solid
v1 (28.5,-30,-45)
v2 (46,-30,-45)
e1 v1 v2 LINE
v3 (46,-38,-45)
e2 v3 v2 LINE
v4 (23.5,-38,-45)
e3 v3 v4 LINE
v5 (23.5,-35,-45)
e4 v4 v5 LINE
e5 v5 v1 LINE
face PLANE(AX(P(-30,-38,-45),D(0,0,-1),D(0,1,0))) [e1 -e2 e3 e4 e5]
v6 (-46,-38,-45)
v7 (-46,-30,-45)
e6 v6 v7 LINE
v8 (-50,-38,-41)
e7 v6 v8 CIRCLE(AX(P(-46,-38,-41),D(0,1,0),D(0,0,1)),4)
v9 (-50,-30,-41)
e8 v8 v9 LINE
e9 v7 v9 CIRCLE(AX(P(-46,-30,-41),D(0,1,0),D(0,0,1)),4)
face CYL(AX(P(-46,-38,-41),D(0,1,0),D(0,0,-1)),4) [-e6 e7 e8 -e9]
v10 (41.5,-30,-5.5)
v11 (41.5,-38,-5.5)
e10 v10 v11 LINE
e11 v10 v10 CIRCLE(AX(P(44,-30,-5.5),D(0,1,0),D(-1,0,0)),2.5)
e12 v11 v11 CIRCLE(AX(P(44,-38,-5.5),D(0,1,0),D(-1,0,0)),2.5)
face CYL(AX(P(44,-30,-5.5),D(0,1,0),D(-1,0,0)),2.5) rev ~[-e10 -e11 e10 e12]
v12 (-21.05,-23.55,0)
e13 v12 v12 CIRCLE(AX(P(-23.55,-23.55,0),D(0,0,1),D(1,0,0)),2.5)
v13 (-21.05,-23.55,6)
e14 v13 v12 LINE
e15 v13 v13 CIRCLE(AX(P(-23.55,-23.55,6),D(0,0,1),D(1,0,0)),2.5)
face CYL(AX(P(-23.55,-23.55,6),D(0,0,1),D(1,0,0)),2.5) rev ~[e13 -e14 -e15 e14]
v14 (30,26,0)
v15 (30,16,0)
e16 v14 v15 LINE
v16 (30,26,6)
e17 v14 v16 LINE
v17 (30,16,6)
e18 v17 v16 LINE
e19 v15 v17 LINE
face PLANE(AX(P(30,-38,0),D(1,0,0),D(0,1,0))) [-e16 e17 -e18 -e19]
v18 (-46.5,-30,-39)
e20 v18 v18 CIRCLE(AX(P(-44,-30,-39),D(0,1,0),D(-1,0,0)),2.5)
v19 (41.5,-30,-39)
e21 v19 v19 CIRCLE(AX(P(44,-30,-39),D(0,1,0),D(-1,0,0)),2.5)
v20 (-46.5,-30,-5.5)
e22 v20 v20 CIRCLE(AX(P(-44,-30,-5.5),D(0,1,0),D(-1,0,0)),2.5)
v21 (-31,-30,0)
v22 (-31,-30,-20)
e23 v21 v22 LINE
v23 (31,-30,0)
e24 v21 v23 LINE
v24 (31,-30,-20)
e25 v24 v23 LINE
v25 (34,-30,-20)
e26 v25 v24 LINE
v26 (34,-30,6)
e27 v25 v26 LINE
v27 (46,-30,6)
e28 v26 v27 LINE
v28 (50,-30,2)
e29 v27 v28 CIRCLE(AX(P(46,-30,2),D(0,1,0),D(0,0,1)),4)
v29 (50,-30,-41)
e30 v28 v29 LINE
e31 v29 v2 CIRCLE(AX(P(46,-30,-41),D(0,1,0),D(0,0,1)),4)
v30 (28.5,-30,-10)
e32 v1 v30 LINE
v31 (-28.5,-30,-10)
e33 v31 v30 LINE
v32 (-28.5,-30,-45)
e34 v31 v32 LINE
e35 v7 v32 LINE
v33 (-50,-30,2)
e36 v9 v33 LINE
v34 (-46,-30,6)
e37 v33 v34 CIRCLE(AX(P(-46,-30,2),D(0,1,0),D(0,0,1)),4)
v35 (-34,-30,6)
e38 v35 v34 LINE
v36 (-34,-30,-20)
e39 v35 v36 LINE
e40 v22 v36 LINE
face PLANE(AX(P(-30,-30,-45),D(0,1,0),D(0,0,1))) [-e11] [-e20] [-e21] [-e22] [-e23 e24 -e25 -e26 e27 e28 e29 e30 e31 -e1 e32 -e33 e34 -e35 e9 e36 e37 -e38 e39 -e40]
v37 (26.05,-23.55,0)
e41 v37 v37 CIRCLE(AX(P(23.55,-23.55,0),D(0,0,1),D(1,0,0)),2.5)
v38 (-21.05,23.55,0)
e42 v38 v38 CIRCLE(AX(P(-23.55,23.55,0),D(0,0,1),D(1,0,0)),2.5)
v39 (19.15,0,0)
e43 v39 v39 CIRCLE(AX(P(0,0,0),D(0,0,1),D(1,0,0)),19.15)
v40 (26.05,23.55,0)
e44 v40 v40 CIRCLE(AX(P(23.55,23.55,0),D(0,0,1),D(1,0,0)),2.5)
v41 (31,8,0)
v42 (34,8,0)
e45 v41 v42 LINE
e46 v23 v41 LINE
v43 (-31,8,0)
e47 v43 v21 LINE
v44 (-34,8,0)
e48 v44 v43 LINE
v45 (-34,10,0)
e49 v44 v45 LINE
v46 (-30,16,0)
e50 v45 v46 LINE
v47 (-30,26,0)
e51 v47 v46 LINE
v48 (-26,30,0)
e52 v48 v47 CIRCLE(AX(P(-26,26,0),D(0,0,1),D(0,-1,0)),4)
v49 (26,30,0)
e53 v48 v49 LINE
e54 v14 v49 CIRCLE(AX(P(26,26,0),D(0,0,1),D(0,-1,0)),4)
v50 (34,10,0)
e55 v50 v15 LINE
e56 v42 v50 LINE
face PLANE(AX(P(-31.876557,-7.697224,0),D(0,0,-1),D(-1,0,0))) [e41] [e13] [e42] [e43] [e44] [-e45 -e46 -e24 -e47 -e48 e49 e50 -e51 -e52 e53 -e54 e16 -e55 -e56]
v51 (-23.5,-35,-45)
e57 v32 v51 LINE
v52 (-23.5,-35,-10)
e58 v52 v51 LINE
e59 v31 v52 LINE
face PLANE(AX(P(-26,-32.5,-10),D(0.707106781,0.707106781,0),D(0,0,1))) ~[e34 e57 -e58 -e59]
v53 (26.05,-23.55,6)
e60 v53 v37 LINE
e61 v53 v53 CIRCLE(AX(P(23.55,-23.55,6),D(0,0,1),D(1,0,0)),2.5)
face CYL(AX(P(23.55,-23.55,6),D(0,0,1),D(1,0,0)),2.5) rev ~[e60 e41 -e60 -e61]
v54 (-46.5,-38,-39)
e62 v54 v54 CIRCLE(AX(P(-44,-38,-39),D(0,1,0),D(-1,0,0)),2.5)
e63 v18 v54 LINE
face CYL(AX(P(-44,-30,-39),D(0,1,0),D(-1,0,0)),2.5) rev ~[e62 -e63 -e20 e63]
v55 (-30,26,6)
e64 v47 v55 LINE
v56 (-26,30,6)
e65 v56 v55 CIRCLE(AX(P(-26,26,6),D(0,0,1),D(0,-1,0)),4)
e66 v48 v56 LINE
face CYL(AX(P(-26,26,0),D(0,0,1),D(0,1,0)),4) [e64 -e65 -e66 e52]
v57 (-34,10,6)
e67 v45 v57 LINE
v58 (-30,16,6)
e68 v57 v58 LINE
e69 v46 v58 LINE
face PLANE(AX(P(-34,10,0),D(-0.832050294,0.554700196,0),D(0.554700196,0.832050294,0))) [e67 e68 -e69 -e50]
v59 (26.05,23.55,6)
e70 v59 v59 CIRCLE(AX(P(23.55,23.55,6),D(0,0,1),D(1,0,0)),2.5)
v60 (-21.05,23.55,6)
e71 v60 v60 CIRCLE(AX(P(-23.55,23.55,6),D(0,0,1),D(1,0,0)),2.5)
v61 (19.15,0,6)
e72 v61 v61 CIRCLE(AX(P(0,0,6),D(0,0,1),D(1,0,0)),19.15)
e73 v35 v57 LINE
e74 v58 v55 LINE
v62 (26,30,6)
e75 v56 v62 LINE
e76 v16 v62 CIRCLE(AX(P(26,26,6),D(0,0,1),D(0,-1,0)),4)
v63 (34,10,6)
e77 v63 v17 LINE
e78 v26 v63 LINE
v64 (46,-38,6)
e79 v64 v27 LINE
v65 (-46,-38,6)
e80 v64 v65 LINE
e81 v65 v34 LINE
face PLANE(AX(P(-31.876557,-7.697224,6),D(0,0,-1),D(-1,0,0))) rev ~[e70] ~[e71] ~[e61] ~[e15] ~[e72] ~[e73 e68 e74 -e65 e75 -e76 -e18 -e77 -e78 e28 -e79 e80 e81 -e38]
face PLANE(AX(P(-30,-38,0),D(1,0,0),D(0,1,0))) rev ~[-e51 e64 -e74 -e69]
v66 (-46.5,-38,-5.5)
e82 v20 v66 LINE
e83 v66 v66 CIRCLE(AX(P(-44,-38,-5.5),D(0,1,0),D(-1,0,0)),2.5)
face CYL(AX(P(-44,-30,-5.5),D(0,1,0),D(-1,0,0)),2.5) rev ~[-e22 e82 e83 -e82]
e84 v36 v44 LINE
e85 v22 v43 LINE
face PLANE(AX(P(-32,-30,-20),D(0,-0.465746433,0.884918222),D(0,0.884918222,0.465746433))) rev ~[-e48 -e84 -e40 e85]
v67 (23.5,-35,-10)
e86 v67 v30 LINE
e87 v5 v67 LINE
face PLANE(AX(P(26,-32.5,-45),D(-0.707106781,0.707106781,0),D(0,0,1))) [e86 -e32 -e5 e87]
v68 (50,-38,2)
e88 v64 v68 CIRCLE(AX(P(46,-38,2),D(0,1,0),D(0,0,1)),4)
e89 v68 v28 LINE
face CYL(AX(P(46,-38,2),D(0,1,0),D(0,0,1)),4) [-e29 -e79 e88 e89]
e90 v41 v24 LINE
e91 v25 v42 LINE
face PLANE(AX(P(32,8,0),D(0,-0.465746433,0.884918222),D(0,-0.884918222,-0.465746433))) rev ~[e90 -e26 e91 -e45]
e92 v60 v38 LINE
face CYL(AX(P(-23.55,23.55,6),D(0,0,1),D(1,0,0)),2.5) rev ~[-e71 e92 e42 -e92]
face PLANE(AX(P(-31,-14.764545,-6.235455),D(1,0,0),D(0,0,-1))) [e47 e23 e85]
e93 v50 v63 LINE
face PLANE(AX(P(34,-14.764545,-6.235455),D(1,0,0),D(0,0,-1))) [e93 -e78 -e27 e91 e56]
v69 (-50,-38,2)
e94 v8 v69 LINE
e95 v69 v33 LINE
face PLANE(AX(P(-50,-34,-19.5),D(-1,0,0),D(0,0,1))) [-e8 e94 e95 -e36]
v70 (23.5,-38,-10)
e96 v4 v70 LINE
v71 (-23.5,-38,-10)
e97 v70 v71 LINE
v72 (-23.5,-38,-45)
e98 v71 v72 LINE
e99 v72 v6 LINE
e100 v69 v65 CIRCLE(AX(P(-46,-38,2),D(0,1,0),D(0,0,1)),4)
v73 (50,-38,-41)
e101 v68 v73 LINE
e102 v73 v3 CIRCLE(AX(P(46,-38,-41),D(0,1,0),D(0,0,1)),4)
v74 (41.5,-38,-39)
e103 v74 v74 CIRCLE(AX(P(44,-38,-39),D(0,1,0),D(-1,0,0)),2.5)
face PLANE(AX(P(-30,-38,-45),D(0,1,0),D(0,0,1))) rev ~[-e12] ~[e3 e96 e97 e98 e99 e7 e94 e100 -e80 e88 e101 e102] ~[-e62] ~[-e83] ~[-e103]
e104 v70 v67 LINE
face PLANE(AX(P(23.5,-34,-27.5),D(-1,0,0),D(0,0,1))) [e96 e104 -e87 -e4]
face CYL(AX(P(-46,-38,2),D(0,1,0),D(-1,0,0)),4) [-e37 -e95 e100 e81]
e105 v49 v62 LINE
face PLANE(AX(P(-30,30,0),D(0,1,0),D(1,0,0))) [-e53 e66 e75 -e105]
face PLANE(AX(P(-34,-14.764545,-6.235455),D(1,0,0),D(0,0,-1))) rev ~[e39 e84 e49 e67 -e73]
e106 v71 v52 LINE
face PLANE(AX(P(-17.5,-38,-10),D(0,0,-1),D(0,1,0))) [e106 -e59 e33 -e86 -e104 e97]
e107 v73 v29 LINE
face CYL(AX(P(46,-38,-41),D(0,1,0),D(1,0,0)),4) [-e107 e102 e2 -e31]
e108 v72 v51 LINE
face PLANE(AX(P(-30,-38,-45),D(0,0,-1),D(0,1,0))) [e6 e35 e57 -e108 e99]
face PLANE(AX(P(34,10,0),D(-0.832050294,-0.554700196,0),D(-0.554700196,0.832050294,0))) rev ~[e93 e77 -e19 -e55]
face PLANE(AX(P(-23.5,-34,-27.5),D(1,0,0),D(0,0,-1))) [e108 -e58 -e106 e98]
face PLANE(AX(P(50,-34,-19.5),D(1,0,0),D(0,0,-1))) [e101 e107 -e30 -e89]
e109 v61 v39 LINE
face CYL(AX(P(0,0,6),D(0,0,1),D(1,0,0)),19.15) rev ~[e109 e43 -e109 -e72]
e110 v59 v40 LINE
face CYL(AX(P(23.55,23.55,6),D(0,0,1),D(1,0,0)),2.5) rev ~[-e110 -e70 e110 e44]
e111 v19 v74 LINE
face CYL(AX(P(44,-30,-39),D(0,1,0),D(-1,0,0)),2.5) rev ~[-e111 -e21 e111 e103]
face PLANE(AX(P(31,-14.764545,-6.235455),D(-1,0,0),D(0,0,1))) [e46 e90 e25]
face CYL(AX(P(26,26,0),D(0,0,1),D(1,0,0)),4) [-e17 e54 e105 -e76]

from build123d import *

# Parameters (mm, degrees)
SKETCH_1_W          = 60
SKETCH_1_H          = 60
EXTRUDE_1_DEPTH     = 6
SKETCH_2_R          = 19.15
CUT_EXTRUDE_1_DEPTH = 6
SKETCH_3_R          = 2.5
CUT_EXTRUDE_2_DEPTH = 6
SKETCH_4_W          = 60
SKETCH_4_H          = 6
EXTRUDE_2_DEPTH     = 8
SKETCH_5_W          = 60
SKETCH_5_H          = 8
EXTRUDE_3_DEPTH     = 45
SKETCH_6_W          = 51
SKETCH_6_H          = 8
EXTRUDE_4_DEPTH     = 20
SKETCH_7_W          = 51
SKETCH_7_H          = 8
EXTRUDE_5_DEPTH     = 20
EXTRUDE_6_DEPTH     = 6
EXTRUDE_8_DEPTH     = 6
EXTRUDE_10_DEPTH    = 2
EXTRUDE_11_DEPTH    = 2
EXTRUDE_12_DEPTH    = 1
EXTRUDE_13_DEPTH    = 1
SKETCH_14_W         = 35
SKETCH_14_H         = 59.55119734
CUT_EXTRUDE_3_DEPTH = 10
SKETCH_15_R         = 2.5
CUT_EXTRUDE_4_DEPTH = 10
SKETCH_16_W         = 35
SKETCH_16_H         = 8
CUT_EXTRUDE_6_DEPTH = 6
SKETCH_17_W         = 35
SKETCH_17_H         = 8
CUT_EXTRUDE_7_DEPTH = 6
CHAMFER_3_SIZE      = 5
CHAMFER_4_SIZE      = 5
FILLET_2_R          = 4
FILLET_3_R          = 4
FILLET_4_R          = 4
FILLET_5_R          = 4
FILLET_6_R          = 4
FILLET_7_R          = 4


with BuildPart() as part:
    # 草图1 → 凸台-拉伸1 (new body)
    with BuildSketch(Plane.XY):
        Rectangle(SKETCH_1_W, SKETCH_1_H)
    extrude(amount=EXTRUDE_1_DEPTH)

    # 草图2 → 切除-拉伸1 (cut)
    with BuildSketch(Plane.XY.offset(6)):
        Circle(SKETCH_2_R)
    extrude(amount=-CUT_EXTRUDE_1_DEPTH, mode=Mode.SUBTRACT)

    # 草图3 → 切除-拉伸2 (cut)
    with BuildSketch(Plane.XY.offset(6)):
        with Locations((-23.55, 23.55)):
            Circle(SKETCH_3_R)
        with Locations((-23.55, -23.55)):
            Circle(SKETCH_3_R)
        with Locations((23.55, 23.55)):
            Circle(SKETCH_3_R)
        with Locations((23.55, -23.55)):
            Circle(SKETCH_3_R)
    extrude(amount=-CUT_EXTRUDE_2_DEPTH, mode=Mode.SUBTRACT)

    # 草图4 → 凸台-拉伸2 (add)
    with BuildSketch(Plane.XZ.offset(30)):
        with Locations((0, 3)):
            Rectangle(SKETCH_4_W, SKETCH_4_H)
    extrude(amount=EXTRUDE_2_DEPTH)

    # 草图5 → 凸台-拉伸3 (add)
    with BuildSketch(Plane(origin=(0, 0, 0), x_dir=(-1, 0, 0), z_dir=(0, 0, -1))):
        with Locations((0, -34)):
            Rectangle(SKETCH_5_W, SKETCH_5_H)
    extrude(amount=EXTRUDE_3_DEPTH)

    # 草图6 → 凸台-拉伸4 (add)
    with BuildSketch(Plane(origin=(30, 0, 0), x_dir=(0, 0, -1), z_dir=(1, 0, 0))):
        with Locations((19.5, -34)):
            Rectangle(SKETCH_6_W, SKETCH_6_H)
    extrude(amount=EXTRUDE_4_DEPTH)

    # 草图7 → 凸台-拉伸5 (add)
    with BuildSketch(Plane.ZY.offset(30)):
        with Locations((-19.5, -34)):
            Rectangle(SKETCH_7_W, SKETCH_7_H)
    extrude(amount=EXTRUDE_5_DEPTH)

    # 草图8 → 凸台-拉伸6 (add)
    with BuildSketch(Plane(origin=(0, 0, 0), x_dir=(-1, 0, 0), z_dir=(0, 0, -1))):
        Polygon((-30, -30), (-34, -30), (-34, 10), (-30, 16), align=None)
    extrude(amount=-EXTRUDE_6_DEPTH)

    # 草图9 → 凸台-拉伸8 (add)
    with BuildSketch(Plane(origin=(0, 0, 0), x_dir=(-1, 0, 0), z_dir=(0, 0, -1))):
        Polygon((30, -30), (34, -30), (34, 10), (30, 16), align=None)
    extrude(amount=-EXTRUDE_8_DEPTH)

    # 草图10 → 凸台-拉伸10 (add)
    with BuildSketch(Plane(origin=(34, 0, 0), x_dir=(0, 0, -1), z_dir=(1, 0, 0))):
        Polygon((0, -30), (20, -30), (0, 8), align=None)
    extrude(amount=-EXTRUDE_10_DEPTH)

    # 草图11 → 凸台-拉伸11 (add)
    with BuildSketch(Plane.ZY.offset(34)):
        Polygon((0, -30), (-20, -30), (0, 8), (0, 0), align=None)
    extrude(amount=-EXTRUDE_11_DEPTH)

    # 草图12 → 凸台-拉伸12 (add)
    with BuildSketch(Plane.ZY.offset(-32)):
        Polygon((-20, -30), (0, -30), (0, 8), align=None)
    extrude(amount=EXTRUDE_12_DEPTH)

    # 草图13 → 凸台-拉伸13 (add)
    with BuildSketch(Plane(origin=(-32, 0, 0), x_dir=(0, 0, -1), z_dir=(1, 0, 0))):
        Polygon((0, 8), (0, -30), (20, -30), align=None)
    extrude(amount=EXTRUDE_13_DEPTH)

    # 草图14 → 切除-拉伸3 (cut)
    with BuildSketch(Plane(origin=(0, -30, 0), x_dir=(1, 0, 0), z_dir=(0, 1, 0))):
        with Locations((0, 39.77559867)):
            Rectangle(SKETCH_14_W, SKETCH_14_H)
    extrude(amount=-CUT_EXTRUDE_3_DEPTH, mode=Mode.SUBTRACT)

    # 草图15 → 切除-拉伸4 (cut)
    with BuildSketch(Plane(origin=(0, -30, 0), x_dir=(1, 0, 0), z_dir=(0, 1, 0))):
        with Locations(Location((-44, 39, 0), (0, 0, 180))):
            Circle(SKETCH_15_R)
        with Locations(Location((-44, 5.5, 0), (0, 0, 180))):
            Circle(SKETCH_15_R)
        with Locations(Location((44, 5.5, 0), (0, 0, 180))):
            Circle(SKETCH_15_R)
        with Locations(Location((44, 39, 0), (0, 0, 180))):
            Circle(SKETCH_15_R)
    extrude(amount=-CUT_EXTRUDE_4_DEPTH, mode=Mode.SUBTRACT)

    # 草图16 → 切除-拉伸6 (cut)
    with BuildSketch(Plane.ZY.offset(-17.5)):
        with Locations((-27.5, -34)):
            Rectangle(SKETCH_16_W, SKETCH_16_H)
    extrude(amount=-CUT_EXTRUDE_6_DEPTH, mode=Mode.SUBTRACT)

    # 草图17 → 切除-拉伸7 (cut)
    with BuildSketch(Plane(origin=(-17.5, 0, 0), x_dir=(0, 0, -1), z_dir=(1, 0, 0))):
        with Locations((27.5, -34)):
            Rectangle(SKETCH_17_W, SKETCH_17_H)
    extrude(amount=-CUT_EXTRUDE_7_DEPTH, mode=Mode.SUBTRACT)

    # 倒角3
    chamfer_3_edges = [part.edges().sort_by_distance(p)[0] for p in [
        (23.5, -30, -27.5),
    ]]
    chamfer(chamfer_3_edges, length=CHAMFER_3_SIZE)

    # 倒角4
    chamfer_4_edges = [part.edges().sort_by_distance(p)[0] for p in [
        (-23.5, -30, -27.5),
    ]]
    chamfer(chamfer_4_edges, length=CHAMFER_4_SIZE)

    # 圆角2
    fillet_2_edges = [part.edges().sort_by_distance(p)[0] for p in [
        (30, 30, 3),
    ]]
    fillet(fillet_2_edges, radius=FILLET_2_R)

    # 圆角3
    fillet_3_edges = [part.edges().sort_by_distance(p)[0] for p in [
        (-30, 30, 3),
    ]]
    fillet(fillet_3_edges, radius=FILLET_3_R)

    # 圆角4
    fillet_4_edges = [part.edges().sort_by_distance(p)[0] for p in [
        (50, -34, -45),
    ]]
    fillet(fillet_4_edges, radius=FILLET_4_R)

    # 圆角5
    fillet_5_edges = [part.edges().sort_by_distance(p)[0] for p in [
        (-50, -34, -45),
    ]]
    fillet(fillet_5_edges, radius=FILLET_5_R)

    # 圆角6
    fillet_6_edges = [part.edges().sort_by_distance(p)[0] for p in [
        (-50, -34, 6),
    ]]
    fillet(fillet_6_edges, radius=FILLET_6_R)

    # 圆角7
    fillet_7_edges = [part.edges().sort_by_distance(p)[0] for p in [
        (50, -34, 6),
    ]]
    fillet(fillet_7_edges, radius=FILLET_7_R)


solid = part.part
